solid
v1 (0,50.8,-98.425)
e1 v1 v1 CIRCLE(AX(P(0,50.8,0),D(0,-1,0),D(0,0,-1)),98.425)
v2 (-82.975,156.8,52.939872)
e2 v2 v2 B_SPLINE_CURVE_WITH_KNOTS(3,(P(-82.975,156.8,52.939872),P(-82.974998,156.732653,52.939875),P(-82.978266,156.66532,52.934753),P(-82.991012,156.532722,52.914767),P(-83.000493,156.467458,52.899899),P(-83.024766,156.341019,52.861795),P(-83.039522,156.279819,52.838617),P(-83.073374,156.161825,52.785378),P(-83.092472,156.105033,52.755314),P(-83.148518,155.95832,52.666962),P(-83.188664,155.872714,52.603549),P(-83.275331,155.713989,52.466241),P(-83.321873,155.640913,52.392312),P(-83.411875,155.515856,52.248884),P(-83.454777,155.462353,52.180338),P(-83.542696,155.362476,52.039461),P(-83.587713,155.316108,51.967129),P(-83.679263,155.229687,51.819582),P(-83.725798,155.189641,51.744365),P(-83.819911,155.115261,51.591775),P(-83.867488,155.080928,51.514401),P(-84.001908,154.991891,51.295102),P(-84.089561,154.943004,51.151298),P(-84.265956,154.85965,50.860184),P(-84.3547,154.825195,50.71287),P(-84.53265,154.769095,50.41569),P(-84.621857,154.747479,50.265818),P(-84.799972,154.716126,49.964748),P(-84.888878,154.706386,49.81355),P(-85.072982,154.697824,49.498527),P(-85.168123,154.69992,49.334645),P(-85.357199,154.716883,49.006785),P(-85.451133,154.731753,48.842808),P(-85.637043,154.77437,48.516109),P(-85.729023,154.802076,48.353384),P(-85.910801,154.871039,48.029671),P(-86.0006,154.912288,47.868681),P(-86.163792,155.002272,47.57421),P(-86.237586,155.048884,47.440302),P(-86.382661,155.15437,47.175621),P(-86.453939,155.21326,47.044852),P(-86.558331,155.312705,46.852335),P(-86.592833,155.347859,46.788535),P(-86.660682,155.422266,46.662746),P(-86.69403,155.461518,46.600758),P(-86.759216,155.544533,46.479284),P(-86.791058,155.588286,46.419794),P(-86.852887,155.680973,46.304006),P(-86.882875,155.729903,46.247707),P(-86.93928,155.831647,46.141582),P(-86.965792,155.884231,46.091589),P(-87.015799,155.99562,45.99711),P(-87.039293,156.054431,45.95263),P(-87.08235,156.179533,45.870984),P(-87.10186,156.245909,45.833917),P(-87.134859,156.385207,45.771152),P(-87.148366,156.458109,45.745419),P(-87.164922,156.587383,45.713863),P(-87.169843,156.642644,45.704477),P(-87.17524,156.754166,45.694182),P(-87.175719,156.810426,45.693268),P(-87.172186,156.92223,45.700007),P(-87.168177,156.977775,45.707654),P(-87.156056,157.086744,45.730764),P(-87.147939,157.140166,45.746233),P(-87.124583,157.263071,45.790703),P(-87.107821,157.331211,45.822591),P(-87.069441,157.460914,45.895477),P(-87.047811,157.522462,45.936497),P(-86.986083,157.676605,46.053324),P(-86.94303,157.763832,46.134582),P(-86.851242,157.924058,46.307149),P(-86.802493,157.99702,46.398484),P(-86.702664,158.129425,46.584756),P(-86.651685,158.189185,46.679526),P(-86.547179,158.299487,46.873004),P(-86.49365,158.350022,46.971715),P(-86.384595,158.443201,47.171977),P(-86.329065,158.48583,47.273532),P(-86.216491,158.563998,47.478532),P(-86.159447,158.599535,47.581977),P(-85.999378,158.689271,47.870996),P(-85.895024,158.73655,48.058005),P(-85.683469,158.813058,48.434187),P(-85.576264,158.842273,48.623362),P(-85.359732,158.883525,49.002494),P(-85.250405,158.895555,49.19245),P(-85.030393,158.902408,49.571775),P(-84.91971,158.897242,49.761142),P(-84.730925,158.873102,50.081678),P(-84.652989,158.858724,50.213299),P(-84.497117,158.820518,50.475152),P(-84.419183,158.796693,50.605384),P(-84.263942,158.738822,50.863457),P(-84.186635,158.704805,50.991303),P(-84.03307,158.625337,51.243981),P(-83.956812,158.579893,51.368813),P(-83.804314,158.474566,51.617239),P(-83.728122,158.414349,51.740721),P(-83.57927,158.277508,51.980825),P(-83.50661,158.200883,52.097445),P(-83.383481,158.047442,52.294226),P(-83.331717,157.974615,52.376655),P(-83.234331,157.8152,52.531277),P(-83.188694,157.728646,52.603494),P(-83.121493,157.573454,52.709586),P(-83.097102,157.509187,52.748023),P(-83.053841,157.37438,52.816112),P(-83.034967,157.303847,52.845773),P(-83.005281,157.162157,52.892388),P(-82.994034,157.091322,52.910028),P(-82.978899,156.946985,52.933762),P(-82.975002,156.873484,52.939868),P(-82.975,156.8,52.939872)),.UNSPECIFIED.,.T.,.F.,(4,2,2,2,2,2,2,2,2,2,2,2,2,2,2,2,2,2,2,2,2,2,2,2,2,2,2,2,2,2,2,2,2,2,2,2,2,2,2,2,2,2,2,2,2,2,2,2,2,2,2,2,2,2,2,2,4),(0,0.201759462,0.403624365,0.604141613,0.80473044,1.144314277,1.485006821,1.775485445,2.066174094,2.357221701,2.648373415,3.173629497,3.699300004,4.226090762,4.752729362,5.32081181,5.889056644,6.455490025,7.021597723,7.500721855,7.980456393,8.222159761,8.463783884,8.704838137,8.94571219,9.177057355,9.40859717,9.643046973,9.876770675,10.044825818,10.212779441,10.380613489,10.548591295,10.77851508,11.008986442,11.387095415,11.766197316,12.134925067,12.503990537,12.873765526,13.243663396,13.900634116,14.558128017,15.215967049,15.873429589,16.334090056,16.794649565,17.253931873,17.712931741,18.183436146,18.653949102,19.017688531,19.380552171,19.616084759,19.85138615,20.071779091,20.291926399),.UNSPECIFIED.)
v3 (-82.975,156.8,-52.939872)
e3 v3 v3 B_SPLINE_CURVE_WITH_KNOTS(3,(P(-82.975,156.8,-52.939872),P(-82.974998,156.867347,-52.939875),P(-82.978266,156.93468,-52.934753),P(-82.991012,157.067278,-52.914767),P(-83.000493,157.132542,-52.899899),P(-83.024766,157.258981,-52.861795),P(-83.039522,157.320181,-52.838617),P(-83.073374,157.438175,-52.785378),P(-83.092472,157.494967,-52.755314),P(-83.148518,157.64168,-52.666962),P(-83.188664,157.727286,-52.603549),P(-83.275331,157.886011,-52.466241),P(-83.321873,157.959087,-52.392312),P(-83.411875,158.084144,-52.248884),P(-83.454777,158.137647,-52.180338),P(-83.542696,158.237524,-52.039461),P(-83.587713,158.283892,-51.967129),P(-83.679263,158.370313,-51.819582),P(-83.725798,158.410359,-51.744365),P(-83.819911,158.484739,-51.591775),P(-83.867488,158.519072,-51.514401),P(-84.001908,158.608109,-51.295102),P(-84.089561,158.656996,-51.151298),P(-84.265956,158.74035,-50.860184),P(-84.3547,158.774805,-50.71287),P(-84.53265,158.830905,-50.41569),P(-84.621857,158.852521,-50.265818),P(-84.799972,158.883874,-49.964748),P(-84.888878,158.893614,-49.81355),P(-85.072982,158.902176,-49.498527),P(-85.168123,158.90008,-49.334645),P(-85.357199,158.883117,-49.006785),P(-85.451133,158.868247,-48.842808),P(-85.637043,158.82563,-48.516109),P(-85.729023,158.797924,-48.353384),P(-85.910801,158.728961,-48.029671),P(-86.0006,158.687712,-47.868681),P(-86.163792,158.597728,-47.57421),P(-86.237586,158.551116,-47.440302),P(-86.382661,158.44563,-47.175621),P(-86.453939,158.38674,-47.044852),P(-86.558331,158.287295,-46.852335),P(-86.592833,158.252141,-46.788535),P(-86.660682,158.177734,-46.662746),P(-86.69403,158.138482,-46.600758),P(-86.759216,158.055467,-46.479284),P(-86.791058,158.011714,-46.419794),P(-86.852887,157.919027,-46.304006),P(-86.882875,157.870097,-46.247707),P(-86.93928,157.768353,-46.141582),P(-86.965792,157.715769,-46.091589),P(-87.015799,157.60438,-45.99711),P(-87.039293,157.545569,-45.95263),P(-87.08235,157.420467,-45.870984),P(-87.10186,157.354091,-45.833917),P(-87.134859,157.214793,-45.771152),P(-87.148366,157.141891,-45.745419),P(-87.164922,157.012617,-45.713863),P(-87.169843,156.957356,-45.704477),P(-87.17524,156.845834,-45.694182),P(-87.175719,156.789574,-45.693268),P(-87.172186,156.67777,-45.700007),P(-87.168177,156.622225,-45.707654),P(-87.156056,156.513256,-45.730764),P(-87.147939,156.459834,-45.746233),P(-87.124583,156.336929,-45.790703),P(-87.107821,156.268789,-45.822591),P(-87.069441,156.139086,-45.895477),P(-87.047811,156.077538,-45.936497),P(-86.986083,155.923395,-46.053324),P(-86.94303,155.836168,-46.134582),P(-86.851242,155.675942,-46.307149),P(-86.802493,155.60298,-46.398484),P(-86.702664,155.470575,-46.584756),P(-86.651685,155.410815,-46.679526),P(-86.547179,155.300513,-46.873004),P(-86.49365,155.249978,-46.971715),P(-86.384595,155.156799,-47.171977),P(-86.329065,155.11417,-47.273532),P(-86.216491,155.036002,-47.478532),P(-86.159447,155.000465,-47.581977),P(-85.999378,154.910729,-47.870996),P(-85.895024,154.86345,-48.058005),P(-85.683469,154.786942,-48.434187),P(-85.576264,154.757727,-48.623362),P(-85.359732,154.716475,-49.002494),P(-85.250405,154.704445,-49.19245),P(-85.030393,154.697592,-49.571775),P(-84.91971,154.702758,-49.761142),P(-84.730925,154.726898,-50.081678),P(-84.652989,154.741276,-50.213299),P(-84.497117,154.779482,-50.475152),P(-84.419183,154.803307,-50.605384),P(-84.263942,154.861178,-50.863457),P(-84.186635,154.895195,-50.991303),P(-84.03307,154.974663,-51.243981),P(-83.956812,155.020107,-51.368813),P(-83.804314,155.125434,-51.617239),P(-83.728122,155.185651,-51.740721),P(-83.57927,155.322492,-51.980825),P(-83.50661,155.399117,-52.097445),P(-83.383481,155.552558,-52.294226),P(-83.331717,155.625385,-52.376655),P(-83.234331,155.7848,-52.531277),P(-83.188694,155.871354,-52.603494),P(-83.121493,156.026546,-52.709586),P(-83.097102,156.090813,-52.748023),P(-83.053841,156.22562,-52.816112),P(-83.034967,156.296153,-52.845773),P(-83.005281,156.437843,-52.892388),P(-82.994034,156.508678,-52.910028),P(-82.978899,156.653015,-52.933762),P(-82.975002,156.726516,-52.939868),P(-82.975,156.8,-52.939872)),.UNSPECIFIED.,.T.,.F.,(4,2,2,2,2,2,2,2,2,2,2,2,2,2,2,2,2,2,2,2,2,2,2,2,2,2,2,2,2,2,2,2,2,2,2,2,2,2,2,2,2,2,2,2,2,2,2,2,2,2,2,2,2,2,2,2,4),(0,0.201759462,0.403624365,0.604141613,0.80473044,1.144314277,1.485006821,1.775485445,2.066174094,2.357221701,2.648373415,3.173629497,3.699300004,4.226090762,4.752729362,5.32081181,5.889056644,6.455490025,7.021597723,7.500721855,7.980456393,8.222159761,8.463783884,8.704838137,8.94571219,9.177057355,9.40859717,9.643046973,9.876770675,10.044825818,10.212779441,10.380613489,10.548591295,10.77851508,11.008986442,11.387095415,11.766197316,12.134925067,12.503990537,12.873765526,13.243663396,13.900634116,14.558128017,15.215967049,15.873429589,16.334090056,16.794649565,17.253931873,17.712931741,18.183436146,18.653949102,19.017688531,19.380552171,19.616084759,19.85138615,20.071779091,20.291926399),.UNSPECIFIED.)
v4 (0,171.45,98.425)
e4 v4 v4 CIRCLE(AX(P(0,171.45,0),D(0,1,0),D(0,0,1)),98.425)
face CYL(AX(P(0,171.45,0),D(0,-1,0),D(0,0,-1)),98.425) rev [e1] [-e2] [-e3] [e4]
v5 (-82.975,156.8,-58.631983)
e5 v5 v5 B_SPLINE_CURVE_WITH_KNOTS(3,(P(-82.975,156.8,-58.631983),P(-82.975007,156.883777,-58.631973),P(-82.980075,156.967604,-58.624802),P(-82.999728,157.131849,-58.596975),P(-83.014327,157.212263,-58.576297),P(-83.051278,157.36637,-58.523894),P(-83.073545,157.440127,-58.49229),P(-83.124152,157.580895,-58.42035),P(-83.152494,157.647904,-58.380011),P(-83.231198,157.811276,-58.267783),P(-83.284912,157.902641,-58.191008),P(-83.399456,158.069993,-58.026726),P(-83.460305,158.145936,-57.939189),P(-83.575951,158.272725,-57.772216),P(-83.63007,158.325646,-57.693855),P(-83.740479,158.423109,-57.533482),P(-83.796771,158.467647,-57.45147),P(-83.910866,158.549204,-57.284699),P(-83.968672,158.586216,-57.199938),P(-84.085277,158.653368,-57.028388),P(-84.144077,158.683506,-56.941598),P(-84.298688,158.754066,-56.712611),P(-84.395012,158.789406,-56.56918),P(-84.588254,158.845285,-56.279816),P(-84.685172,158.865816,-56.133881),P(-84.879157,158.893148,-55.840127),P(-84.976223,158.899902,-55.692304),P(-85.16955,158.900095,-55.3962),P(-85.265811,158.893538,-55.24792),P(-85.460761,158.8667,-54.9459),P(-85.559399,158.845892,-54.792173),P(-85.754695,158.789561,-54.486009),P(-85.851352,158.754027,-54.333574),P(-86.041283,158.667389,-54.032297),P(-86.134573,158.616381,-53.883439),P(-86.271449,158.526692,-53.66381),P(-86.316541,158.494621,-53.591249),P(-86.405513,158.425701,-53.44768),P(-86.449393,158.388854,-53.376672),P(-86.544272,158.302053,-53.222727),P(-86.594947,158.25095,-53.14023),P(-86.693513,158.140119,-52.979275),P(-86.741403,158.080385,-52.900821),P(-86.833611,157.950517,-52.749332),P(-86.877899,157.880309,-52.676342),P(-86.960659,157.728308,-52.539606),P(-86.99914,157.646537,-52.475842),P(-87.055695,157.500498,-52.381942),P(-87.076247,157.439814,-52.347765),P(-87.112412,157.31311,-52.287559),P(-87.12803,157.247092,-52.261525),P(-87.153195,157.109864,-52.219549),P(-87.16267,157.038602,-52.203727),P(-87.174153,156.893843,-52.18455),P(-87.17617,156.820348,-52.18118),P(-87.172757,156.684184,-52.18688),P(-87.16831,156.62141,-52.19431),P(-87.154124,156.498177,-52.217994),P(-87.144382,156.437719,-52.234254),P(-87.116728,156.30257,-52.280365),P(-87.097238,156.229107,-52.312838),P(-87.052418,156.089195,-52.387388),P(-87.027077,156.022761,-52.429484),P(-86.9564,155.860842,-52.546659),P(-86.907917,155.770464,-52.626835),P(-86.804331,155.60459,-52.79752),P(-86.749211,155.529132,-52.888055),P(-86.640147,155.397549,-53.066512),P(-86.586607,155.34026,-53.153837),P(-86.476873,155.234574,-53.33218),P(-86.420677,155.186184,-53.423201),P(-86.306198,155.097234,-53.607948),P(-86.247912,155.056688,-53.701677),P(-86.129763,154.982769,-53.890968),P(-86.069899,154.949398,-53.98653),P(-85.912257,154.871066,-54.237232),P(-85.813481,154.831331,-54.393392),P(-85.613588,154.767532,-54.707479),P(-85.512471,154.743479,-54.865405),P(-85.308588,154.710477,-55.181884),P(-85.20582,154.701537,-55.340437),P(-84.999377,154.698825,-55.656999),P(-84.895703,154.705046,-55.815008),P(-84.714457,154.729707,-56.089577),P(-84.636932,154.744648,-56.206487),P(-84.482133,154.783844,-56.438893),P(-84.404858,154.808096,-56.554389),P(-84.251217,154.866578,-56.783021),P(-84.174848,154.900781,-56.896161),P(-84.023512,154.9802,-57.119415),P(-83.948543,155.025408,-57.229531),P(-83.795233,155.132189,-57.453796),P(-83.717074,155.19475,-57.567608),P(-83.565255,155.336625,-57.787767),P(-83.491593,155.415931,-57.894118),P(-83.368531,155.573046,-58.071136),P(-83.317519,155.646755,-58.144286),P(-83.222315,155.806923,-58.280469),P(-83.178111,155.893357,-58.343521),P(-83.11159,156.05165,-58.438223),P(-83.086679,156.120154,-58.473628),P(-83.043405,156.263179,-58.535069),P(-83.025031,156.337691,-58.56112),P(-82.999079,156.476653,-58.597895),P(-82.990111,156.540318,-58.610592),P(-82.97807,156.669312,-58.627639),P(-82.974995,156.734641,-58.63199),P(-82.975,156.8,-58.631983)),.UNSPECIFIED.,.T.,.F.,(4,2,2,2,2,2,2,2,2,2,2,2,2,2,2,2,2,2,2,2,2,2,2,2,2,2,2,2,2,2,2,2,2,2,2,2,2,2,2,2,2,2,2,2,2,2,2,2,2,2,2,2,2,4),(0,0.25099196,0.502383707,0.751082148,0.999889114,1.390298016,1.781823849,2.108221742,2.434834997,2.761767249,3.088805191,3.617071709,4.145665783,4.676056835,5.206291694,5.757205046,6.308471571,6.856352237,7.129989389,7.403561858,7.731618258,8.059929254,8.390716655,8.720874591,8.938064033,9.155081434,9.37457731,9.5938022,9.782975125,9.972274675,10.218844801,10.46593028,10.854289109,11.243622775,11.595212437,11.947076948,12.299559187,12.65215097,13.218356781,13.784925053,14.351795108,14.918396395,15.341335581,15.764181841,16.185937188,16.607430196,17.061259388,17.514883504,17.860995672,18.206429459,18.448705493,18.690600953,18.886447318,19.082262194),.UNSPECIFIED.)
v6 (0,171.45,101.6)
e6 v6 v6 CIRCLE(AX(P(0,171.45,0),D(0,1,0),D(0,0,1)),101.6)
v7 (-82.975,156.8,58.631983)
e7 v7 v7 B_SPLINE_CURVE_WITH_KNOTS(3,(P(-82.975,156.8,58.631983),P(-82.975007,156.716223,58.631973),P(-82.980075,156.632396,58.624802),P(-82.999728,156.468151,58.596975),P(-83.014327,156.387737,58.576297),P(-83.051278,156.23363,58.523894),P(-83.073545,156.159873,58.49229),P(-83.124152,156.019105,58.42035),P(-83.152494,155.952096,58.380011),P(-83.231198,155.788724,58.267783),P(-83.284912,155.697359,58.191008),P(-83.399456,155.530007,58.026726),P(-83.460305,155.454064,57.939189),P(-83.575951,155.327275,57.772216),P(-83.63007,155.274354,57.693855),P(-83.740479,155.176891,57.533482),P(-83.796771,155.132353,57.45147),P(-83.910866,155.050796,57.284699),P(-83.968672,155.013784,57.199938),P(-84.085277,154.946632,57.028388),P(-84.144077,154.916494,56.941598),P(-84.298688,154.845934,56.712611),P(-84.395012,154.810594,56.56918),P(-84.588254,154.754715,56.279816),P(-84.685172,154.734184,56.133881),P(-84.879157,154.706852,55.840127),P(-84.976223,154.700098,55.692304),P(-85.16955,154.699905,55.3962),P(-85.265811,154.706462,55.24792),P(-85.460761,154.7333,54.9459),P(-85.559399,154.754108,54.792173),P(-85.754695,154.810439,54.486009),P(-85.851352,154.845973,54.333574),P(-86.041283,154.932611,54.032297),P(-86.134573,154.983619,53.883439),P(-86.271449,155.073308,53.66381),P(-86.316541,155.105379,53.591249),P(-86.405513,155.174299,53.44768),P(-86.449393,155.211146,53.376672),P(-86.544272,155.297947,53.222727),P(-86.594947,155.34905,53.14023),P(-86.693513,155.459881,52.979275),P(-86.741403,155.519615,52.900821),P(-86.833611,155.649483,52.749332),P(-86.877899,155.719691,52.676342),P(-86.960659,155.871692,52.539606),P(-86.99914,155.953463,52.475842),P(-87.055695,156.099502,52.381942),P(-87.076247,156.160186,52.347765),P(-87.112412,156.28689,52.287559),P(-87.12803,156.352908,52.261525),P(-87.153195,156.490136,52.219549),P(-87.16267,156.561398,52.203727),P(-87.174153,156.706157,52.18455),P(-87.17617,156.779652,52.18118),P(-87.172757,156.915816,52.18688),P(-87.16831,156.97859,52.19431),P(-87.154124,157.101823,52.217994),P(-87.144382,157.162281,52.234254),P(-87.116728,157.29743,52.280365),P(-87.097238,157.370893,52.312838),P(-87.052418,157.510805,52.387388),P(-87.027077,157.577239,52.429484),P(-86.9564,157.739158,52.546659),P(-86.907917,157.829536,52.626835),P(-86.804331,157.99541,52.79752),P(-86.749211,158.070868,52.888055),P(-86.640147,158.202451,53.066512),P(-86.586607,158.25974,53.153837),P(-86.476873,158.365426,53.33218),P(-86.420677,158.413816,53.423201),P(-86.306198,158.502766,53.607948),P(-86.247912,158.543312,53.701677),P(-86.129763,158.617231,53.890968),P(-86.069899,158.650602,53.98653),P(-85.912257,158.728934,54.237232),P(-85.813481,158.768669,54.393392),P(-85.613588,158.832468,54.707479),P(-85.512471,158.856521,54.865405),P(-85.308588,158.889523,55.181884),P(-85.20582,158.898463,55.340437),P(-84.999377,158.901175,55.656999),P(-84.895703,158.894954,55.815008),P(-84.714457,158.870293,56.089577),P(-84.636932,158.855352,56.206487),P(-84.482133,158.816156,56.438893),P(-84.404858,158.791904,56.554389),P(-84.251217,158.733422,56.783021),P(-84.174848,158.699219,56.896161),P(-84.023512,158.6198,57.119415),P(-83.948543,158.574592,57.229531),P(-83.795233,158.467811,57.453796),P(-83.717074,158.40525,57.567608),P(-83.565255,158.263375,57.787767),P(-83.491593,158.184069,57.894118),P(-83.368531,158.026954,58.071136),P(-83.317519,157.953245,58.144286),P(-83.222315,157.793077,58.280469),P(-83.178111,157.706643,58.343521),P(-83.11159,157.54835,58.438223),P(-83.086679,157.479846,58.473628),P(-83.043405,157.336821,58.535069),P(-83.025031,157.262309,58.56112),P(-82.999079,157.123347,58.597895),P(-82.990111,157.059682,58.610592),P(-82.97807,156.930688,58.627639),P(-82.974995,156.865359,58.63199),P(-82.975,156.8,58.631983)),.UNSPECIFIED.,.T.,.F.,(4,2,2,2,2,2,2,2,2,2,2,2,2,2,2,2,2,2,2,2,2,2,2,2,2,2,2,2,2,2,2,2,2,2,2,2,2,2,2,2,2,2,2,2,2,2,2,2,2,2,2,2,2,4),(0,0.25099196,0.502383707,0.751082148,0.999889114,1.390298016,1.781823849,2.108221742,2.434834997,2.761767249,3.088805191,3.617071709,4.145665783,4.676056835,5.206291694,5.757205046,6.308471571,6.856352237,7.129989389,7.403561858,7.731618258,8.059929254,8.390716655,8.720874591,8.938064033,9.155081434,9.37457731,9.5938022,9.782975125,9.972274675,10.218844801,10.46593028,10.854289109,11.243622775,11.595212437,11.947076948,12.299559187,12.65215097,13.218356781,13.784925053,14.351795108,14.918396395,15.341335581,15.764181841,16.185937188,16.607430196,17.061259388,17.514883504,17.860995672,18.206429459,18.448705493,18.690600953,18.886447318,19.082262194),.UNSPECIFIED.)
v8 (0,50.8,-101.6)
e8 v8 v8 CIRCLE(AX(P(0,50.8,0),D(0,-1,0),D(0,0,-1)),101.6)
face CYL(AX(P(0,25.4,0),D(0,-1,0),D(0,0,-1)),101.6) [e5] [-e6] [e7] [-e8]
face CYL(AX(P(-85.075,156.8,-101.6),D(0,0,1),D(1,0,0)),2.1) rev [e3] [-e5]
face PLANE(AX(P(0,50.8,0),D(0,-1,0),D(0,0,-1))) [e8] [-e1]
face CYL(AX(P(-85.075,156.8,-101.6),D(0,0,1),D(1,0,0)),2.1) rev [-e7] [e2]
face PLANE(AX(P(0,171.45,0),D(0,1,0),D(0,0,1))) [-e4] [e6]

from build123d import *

# Parameters (mm, degrees)
SKETCH1_R               = 101.6
SKETCH1_R_2             = 95.25
BOSS_EXTRUDE1_DEPTH     = 25.4
SKETCH2_R               = 3.175
CUT_EXTRUDE1_DEPTH      = 102.6
CUT_EXTRUDE1_DEPTH_BACK = 102.6
SKETCH5_R               = 101.6
SKETCH5_R_2             = 98.425
BOSS_EXTRUDE2_DEPTH     = 146.05
SKETCH9_R               = 2.1
CUT_EXTRUDE5_DEPTH      = 204.2000001
SKETCH10_R              = 101.6
CUT_EXTRUDE6_DEPTH      = 50.8


with BuildPart() as part:
    # Sketch1 → Boss-Extrude1 (new body)
    with BuildSketch(Plane(origin=(0, 0, 0), x_dir=(1, 0, 0), z_dir=(0, 1, 0))):
        Circle(SKETCH1_R)
        Circle(SKETCH1_R_2, mode=Mode.SUBTRACT)
    extrude(amount=BOSS_EXTRUDE1_DEPTH)

    # Sketch2 → Cut-Extrude1 (cut, two sides)
    with BuildSketch(Plane.XY) as cut_extrude1_sk:
        with Locations((0, 12.7)):
            Circle(SKETCH2_R)
    extrude(amount=CUT_EXTRUDE1_DEPTH, mode=Mode.SUBTRACT)
    extrude(cut_extrude1_sk.sketch, amount=-CUT_EXTRUDE1_DEPTH_BACK, mode=Mode.SUBTRACT)

    # Sketch5 → Boss-Extrude2 (add)
    with BuildSketch(Plane(origin=(0, 25.4, 0), x_dir=(1, 0, 0), z_dir=(0, 1, 0))):
        Circle(SKETCH5_R)
        Circle(SKETCH5_R_2, mode=Mode.SUBTRACT)
    extrude(amount=BOSS_EXTRUDE2_DEPTH)

    # Sketch9 → Cut-Extrude5 (cut, through all)
    with BuildSketch(Plane.XY.offset(101.6)):
        with Locations((-85.075, 156.8)):
            Circle(SKETCH9_R)
    extrude(amount=-CUT_EXTRUDE5_DEPTH, mode=Mode.SUBTRACT)

    # Sketch10 → Cut-Extrude6 (cut)
    with BuildSketch(Plane(origin=(0, 0, 0), x_dir=(-1, 0, 0), z_dir=(0, -1, 0))):
        Circle(SKETCH10_R)
    extrude(amount=-CUT_EXTRUDE6_DEPTH, mode=Mode.SUBTRACT)


solid = part.part
